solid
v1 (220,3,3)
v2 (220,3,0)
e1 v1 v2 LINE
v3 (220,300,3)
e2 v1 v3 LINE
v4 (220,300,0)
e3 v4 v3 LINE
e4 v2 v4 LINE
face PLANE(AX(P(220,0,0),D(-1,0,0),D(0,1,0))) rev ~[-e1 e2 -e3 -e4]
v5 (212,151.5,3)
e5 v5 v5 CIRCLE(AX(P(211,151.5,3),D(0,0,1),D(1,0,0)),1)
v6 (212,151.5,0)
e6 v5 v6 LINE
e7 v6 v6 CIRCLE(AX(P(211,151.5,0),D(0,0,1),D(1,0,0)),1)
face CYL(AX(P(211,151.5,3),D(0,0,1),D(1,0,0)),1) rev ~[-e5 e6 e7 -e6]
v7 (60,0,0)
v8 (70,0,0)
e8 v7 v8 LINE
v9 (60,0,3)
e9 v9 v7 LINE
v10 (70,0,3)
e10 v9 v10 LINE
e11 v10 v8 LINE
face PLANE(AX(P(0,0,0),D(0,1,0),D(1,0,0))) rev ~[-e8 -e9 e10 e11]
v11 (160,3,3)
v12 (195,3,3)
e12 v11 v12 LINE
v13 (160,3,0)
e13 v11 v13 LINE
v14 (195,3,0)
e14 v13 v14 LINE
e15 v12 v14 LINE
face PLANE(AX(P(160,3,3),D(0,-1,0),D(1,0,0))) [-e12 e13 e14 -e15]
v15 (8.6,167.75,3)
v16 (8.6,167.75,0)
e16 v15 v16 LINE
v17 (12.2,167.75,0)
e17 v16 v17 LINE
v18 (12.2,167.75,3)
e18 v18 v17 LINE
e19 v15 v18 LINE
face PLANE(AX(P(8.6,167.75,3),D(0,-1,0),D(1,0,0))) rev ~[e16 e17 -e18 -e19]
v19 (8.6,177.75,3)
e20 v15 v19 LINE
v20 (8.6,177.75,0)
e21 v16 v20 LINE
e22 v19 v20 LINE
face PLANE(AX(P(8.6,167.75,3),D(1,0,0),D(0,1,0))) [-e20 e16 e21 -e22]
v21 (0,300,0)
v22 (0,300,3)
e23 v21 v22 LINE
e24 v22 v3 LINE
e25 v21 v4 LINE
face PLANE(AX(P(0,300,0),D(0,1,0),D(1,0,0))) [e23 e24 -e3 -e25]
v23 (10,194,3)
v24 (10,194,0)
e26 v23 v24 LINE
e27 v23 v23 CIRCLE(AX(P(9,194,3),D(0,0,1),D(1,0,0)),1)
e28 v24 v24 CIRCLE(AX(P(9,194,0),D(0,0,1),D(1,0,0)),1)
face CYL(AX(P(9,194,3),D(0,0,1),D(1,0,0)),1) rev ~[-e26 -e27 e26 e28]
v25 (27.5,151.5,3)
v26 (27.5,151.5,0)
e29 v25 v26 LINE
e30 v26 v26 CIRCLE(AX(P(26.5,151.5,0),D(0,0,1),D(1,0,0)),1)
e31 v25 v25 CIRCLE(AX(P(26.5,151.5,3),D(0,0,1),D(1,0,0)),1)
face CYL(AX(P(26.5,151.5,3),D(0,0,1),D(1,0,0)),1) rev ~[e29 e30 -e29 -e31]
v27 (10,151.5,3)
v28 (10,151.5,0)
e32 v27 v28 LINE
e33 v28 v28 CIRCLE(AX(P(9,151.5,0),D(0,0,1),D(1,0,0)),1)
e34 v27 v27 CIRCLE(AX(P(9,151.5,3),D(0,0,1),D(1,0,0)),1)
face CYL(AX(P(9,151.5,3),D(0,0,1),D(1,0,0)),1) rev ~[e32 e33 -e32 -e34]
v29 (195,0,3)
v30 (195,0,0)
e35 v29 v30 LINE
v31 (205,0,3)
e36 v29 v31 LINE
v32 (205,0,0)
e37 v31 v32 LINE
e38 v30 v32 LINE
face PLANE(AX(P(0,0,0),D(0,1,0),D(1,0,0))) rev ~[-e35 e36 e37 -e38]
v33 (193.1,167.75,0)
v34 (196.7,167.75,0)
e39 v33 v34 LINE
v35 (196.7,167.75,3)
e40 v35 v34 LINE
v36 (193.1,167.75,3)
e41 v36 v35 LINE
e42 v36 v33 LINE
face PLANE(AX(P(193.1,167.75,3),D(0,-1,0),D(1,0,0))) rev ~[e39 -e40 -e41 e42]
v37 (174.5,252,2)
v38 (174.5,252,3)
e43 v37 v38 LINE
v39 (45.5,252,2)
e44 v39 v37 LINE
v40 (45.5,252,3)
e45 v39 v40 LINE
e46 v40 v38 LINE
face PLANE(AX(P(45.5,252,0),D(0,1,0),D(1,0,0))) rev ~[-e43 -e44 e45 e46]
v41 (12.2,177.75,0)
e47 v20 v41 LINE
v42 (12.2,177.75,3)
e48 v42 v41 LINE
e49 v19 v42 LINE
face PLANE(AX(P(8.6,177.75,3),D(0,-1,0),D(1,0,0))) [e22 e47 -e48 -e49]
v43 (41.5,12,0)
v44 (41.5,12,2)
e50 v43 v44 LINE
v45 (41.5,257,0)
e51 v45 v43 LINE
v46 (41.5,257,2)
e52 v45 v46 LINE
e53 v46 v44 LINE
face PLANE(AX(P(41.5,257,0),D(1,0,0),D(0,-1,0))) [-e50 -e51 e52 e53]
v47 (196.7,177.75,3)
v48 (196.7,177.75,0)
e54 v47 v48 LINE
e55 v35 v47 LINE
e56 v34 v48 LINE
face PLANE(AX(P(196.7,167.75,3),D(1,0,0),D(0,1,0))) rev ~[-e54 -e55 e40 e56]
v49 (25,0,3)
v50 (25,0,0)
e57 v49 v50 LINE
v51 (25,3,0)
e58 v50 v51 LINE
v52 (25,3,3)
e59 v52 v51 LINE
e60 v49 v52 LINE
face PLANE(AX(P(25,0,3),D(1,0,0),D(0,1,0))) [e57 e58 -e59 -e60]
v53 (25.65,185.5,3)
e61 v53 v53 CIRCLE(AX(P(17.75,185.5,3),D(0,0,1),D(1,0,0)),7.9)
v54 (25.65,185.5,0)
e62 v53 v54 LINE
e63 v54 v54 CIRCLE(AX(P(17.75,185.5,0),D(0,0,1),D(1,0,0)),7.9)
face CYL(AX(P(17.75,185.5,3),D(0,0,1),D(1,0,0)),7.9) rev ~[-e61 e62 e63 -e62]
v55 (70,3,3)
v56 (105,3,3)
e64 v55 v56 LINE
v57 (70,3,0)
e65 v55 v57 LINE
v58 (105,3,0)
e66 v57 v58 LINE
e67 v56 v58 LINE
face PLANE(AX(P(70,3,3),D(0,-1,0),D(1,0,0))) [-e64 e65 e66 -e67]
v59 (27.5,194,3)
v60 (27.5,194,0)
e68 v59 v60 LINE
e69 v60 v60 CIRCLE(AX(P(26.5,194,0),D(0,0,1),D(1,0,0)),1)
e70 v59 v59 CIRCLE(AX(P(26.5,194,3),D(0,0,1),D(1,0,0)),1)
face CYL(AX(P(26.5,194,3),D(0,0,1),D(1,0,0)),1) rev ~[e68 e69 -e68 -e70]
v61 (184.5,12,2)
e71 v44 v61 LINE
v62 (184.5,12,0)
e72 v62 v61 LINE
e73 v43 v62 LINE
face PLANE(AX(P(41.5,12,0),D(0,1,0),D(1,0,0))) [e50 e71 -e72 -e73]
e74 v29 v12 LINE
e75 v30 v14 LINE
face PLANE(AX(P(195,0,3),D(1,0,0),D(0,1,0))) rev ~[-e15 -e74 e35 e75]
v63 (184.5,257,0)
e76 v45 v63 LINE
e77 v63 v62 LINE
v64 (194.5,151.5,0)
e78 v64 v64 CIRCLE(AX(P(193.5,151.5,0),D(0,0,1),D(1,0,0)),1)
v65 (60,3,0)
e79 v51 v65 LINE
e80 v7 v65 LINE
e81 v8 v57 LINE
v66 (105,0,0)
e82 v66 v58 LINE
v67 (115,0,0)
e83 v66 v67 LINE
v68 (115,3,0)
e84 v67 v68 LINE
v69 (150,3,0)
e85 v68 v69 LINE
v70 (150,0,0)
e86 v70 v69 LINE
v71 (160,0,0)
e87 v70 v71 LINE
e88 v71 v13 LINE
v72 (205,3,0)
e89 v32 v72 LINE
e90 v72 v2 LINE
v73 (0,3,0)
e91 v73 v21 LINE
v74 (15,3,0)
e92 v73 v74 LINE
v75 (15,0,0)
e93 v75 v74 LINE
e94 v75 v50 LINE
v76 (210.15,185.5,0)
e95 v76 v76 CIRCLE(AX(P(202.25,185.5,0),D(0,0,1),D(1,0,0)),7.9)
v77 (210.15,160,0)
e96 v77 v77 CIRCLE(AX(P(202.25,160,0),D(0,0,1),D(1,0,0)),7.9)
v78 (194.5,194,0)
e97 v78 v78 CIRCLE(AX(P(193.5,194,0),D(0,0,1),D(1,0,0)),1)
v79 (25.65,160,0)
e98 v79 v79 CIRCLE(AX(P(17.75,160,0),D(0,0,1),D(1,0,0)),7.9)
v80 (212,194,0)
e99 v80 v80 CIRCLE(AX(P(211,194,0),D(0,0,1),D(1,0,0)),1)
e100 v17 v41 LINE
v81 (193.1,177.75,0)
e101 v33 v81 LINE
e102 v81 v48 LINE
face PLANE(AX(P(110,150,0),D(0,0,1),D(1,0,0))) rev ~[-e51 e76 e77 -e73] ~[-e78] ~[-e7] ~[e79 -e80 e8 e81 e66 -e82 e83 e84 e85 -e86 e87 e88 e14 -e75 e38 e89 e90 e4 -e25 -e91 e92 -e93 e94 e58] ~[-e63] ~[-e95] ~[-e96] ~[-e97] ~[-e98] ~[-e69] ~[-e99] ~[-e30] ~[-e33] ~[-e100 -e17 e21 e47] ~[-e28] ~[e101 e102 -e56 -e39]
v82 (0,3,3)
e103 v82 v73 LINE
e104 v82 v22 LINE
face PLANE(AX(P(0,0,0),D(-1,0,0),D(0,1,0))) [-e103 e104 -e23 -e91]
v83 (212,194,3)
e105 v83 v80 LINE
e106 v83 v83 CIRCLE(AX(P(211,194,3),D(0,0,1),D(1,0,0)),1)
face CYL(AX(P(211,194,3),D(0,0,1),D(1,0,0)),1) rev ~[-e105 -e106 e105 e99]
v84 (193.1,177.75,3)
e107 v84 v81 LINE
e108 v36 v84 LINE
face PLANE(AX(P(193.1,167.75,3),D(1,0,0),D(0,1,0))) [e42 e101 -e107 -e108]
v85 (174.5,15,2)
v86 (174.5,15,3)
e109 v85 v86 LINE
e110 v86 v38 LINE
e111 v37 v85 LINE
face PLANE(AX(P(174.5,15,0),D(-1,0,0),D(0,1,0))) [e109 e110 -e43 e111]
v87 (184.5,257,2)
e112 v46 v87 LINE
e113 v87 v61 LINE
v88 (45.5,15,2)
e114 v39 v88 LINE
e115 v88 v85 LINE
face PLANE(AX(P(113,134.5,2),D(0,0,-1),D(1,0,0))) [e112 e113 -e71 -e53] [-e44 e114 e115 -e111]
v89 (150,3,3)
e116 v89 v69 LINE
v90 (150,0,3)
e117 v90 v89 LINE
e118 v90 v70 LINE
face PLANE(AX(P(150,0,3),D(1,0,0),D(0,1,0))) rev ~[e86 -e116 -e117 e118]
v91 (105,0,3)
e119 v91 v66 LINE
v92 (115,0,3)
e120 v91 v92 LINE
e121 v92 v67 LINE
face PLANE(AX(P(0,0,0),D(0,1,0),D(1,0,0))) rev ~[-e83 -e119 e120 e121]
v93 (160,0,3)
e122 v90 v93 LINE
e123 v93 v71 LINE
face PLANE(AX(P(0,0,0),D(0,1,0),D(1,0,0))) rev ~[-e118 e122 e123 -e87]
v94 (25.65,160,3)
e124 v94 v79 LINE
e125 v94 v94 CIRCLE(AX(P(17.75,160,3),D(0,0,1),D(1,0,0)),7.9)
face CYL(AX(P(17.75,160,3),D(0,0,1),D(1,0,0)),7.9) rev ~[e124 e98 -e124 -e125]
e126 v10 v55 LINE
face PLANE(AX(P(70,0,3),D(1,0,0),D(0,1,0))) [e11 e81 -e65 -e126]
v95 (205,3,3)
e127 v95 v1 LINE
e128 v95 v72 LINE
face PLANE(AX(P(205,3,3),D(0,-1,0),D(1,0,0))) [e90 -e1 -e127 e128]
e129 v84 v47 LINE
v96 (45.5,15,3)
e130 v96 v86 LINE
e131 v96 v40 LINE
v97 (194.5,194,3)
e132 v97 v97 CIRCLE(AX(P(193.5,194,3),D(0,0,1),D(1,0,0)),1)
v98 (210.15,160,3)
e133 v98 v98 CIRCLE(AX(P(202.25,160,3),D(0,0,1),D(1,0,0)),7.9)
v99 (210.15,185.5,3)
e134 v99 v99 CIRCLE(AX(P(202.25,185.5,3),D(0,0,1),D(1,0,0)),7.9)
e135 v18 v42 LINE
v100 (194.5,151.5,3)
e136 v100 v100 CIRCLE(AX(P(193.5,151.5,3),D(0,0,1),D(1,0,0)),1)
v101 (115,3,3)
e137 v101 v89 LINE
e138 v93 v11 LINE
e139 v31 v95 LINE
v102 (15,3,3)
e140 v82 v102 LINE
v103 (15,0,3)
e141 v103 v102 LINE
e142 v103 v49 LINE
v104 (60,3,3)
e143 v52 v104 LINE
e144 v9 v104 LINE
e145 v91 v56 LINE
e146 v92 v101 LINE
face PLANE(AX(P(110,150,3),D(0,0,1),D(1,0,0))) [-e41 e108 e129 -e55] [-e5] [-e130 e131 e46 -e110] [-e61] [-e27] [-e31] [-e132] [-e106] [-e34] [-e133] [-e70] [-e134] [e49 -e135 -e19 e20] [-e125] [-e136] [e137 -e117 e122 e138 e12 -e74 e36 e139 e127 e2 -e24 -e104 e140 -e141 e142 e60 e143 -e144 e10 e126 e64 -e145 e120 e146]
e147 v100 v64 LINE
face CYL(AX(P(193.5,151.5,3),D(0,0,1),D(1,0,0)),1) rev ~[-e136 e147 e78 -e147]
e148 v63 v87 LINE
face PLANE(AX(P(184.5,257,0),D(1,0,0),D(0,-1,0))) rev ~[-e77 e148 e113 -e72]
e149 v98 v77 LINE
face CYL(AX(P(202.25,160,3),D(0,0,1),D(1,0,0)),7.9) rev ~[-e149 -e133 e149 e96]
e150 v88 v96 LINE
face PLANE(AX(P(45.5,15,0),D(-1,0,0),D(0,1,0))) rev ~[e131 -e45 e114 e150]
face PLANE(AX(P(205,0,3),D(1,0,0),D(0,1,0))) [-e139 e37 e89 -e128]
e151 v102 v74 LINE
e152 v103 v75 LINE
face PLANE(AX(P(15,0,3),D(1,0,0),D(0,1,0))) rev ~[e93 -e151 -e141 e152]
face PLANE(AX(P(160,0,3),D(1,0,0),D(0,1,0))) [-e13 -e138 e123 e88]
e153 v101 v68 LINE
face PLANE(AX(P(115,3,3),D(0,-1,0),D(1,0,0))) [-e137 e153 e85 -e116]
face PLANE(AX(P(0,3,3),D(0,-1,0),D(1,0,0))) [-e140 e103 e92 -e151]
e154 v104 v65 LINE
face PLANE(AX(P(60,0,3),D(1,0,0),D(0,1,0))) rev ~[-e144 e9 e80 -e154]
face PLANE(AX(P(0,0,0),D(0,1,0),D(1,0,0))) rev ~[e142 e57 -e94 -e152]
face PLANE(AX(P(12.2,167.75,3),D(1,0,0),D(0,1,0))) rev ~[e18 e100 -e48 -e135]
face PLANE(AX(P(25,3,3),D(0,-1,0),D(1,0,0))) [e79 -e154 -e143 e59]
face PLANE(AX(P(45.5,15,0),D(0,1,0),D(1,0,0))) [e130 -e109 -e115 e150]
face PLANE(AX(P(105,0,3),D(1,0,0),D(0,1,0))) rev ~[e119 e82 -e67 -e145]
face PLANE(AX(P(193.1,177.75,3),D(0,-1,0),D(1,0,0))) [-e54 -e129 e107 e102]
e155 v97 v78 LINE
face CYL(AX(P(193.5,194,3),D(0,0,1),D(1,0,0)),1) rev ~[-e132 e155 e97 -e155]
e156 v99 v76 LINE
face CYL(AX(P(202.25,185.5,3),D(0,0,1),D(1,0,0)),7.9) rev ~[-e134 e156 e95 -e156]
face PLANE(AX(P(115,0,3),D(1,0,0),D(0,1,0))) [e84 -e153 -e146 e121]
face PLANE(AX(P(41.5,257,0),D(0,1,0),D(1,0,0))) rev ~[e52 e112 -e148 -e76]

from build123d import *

# Parameters (mm, degrees)
SKETCH_W        = 220
SKETCH_H        = 300
SKETCH_W_2      = 129
SKETCH_H_2      = 237
PAD_DEPTH       = 3
SKETCH001_W     = 143
SKETCH001_H     = 245
SKETCH001_W_2   = 129
SKETCH001_H_2   = 237
POCKET_DEPTH    = 2
SKETCH002_R     = 7.9
SKETCH002_R_2   = 1
SKETCH002_W     = 3.6
SKETCH002_H     = 10
SKETCH002_W_2   = 35
SKETCH002_H_2   = 3
SKETCH002_W_3   = 15
POCKET001_DEPTH = 3.001
SKETCH003_R     = 3.6
SKETCH003_R_2   = 1
POCKET002_DEPTH = 5


with BuildPart() as part:
    # Sketch → Pad (new body)
    with BuildSketch(Plane.XY):
        with Locations((110, 150)):
            Rectangle(SKETCH_W, SKETCH_H)
        with Locations((110, 133.5)):
            Rectangle(SKETCH_W_2, SKETCH_H_2, mode=Mode.SUBTRACT)
    extrude(amount=PAD_DEPTH)

    # Sketch001 (on Face9 of Pad) → Pocket (cut)
    with BuildSketch(Plane(origin=(0, 0, 0), x_dir=(1, 0, 0), z_dir=(0, 0, -1))):
        with Locations((113, -134.5)):
            Rectangle(SKETCH001_W, SKETCH001_H)
        with Locations((110, -133.5)):
            Rectangle(SKETCH001_W_2, SKETCH001_H_2, mode=Mode.SUBTRACT)
    extrude(amount=-POCKET_DEPTH, mode=Mode.SUBTRACT)

    # Sketch002 (on Face5 of Pocket) → Pocket001 (cut, through all)
    with BuildSketch(Plane.XY.offset(3)):
        with Locations((17.75, 185.5)):
            Circle(SKETCH002_R)
        with Locations((17.75, 160)):
            Circle(SKETCH002_R)
        with Locations((9, 151.5)):
            Circle(SKETCH002_R_2)
        with Locations((26.5, 151.5)):
            Circle(SKETCH002_R_2)
        with Locations((9, 194)):
            Circle(SKETCH002_R_2)
        with Locations((26.5, 194)):
            Circle(SKETCH002_R_2)
        with Locations((202.25, 185.5)):
            Circle(SKETCH002_R)
        with Locations((202.25, 160)):
            Circle(SKETCH002_R)
        with Locations((193.5, 151.5)):
            Circle(SKETCH002_R_2)
        with Locations((211, 151.5)):
            Circle(SKETCH002_R_2)
        with Locations((193.5, 194)):
            Circle(SKETCH002_R_2)
        with Locations((211, 194)):
            Circle(SKETCH002_R_2)
        with Locations((10.4, 172.75)):
            Rectangle(SKETCH002_W, SKETCH002_H)
        with Locations((194.9, 172.75)):
            Rectangle(SKETCH002_W, SKETCH002_H)
        with Locations((42.5, 1.5)):
            Rectangle(SKETCH002_W_2, SKETCH002_H_2)
        with Locations((87.5, 1.5)):
            Rectangle(SKETCH002_W_2, SKETCH002_H_2)
        with Locations((132.5, 1.5)):
            Rectangle(SKETCH002_W_2, SKETCH002_H_2)
        with Locations((177.5, 1.5)):
            Rectangle(SKETCH002_W_2, SKETCH002_H_2)
        with Locations((7.5, 1.5)):
            Rectangle(SKETCH002_W_3, SKETCH002_H_2)
        with Locations((212.5, 1.5)):
            Rectangle(SKETCH002_W_3, SKETCH002_H_2)
    extrude(amount=-POCKET001_DEPTH, mode=Mode.SUBTRACT)

    # Sketch003 (on Face5 of Pocket001) → Pocket002 (cut)
    with BuildSketch(Plane(origin=(15, 0, 0), x_dir=(0, -1, 0), z_dir=(-1, 0, 0))):
        with Locations((110, 272)):
            Circle(SKETCH003_R)
        with Locations((110, 261.5)):
            Circle(SKETCH003_R_2)
        with Locations((110, 282.5)):
            Circle(SKETCH003_R_2)
        with Locations((122.5, 261.5)):
            Circle(SKETCH003_R_2)
        with Locations((122.5, 282.5)):
            Circle(SKETCH003_R_2)
    extrude(amount=-POCKET002_DEPTH, mode=Mode.SUBTRACT)


solid = part.part
